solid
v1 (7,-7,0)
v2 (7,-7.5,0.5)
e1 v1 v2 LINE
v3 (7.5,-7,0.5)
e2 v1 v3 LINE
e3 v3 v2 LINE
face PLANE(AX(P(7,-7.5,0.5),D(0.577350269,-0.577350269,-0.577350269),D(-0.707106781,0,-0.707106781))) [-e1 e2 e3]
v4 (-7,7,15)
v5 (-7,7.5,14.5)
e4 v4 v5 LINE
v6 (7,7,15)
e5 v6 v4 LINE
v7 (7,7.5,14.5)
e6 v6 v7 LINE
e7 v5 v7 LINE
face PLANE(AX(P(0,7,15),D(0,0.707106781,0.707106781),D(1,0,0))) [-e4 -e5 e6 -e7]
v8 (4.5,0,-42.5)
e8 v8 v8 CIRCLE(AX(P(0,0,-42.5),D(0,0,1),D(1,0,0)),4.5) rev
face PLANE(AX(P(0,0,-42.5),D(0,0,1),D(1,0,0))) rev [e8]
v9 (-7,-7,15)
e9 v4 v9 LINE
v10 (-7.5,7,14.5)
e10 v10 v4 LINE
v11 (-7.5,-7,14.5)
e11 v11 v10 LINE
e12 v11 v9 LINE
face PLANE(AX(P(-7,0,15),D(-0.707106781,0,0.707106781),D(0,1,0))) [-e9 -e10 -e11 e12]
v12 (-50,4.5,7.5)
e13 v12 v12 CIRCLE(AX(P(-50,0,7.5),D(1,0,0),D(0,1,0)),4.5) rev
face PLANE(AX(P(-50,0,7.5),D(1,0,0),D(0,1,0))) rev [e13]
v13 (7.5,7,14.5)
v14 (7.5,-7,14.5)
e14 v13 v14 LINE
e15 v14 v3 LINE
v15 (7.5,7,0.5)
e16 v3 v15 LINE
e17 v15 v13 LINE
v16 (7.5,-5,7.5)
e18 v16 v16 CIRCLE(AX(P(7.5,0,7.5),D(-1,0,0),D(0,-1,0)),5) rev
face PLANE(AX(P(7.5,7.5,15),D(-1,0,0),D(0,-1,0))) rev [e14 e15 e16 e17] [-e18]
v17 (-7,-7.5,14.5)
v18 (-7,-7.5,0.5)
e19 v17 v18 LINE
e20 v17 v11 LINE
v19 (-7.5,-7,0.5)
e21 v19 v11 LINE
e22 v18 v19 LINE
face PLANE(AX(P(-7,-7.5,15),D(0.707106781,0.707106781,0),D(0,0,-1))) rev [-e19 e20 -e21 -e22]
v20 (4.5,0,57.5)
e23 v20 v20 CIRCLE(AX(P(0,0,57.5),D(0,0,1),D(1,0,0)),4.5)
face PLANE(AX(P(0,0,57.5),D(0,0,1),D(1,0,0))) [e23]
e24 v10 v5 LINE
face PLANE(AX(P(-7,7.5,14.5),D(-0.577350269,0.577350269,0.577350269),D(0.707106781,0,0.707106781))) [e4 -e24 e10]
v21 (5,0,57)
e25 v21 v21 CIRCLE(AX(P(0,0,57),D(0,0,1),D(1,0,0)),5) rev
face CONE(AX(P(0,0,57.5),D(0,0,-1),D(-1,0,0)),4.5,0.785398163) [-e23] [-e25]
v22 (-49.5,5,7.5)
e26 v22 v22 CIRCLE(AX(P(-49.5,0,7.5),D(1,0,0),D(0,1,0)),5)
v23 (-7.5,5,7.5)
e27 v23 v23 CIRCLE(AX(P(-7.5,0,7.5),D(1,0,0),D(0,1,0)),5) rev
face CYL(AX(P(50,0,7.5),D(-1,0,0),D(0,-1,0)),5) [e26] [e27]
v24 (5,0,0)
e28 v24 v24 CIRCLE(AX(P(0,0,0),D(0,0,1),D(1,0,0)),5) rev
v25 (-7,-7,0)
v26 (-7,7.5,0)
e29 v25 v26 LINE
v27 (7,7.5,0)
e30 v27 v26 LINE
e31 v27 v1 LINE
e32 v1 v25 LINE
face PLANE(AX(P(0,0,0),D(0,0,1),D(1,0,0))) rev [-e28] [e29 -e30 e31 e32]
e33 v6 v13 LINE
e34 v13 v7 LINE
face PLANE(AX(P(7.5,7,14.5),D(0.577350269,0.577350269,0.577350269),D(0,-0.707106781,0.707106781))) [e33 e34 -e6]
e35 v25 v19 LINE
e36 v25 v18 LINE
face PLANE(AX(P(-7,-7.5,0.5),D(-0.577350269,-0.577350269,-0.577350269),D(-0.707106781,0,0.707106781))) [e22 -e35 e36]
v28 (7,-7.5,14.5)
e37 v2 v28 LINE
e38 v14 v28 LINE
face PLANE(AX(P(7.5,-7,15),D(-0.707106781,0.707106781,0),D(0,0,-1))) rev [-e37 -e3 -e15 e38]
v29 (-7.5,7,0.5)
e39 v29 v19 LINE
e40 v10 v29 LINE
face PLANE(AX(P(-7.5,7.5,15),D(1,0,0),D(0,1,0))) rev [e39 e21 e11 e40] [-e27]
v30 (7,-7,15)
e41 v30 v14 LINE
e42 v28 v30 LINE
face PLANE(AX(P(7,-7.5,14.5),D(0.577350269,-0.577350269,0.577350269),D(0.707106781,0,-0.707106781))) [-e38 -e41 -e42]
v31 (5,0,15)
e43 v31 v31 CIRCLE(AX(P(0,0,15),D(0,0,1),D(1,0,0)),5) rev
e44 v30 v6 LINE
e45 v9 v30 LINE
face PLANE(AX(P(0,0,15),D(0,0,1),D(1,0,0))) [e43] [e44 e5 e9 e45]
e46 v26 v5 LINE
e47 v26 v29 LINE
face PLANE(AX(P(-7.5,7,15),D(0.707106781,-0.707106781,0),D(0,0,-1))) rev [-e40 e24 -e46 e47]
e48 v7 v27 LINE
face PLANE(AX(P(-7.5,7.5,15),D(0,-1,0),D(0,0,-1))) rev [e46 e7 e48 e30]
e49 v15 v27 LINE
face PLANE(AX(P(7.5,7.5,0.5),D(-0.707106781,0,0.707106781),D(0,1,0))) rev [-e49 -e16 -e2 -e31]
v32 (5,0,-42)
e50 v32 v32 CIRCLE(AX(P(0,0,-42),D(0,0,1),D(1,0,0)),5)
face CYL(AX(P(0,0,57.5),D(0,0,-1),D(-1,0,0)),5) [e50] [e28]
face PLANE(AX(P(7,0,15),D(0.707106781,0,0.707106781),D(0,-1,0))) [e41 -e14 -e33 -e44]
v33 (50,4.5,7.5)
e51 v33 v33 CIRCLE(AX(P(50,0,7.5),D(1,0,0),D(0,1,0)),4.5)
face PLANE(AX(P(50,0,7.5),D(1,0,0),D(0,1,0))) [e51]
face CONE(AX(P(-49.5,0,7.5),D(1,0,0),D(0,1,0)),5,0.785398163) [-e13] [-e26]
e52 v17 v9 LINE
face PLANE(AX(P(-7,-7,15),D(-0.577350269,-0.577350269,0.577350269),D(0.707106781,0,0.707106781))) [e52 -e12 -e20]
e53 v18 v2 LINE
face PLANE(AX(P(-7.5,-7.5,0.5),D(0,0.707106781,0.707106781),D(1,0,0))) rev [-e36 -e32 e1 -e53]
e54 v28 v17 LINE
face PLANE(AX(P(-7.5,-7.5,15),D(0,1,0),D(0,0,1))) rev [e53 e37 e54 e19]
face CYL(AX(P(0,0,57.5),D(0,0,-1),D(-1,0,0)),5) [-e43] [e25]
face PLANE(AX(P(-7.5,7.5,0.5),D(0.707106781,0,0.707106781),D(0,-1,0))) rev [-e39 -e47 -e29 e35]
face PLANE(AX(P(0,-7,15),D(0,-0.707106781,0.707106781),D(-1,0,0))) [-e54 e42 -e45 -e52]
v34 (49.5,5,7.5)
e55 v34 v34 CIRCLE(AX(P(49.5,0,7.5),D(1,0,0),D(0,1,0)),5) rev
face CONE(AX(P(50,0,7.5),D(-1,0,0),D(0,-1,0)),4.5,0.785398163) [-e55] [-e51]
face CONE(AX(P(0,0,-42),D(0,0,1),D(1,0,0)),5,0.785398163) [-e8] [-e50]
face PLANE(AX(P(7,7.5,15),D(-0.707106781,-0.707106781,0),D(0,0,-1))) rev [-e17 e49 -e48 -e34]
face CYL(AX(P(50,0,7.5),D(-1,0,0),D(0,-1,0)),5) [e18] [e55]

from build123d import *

# Parameters (mm, degrees)
SKETCH1_W           = 15
SKETCH1_H           = 15
BOSS_EXTRUDE1_DEPTH = 15
BOSS_EXTRUDE2_START = -7.5
SKETCH3_R           = 5
BOSS_EXTRUDE2_DEPTH = 50
BOSS_EXTRUDE3_START = -7.5
SKETCH4_R           = 5
BOSS_EXTRUDE3_DEPTH = 50
CHAMFER1_SIZE       = 0.5


with BuildPart() as part:
    # Sketch1 → Boss-Extrude1 (new body)
    with BuildSketch(Plane.XY):
        Rectangle(SKETCH1_W, SKETCH1_H)
    extrude(amount=BOSS_EXTRUDE1_DEPTH)

    # Sketch3 → Boss-Extrude2 (add, symmetric)
    with BuildSketch(Plane(origin=(7.5, 0, 0), x_dir=(0, 0, -1), z_dir=(1, 0, 0)).offset(BOSS_EXTRUDE2_START)):
        with Locations(Location((-7.5, 0, 0), (0, 0, 90))):
            Circle(SKETCH3_R)
    extrude(amount=BOSS_EXTRUDE2_DEPTH, both=True)

    # Sketch4 → Boss-Extrude3 (add, symmetric)
    with BuildSketch(Plane.XY.offset(15).offset(BOSS_EXTRUDE3_START)):
        Circle(SKETCH4_R)
    extrude(amount=BOSS_EXTRUDE3_DEPTH, both=True)

    # Chamfer1
    chamfer1_edges = [part.edges().sort_by_distance(p)[0] for p in [
        (-7.5, 0, 15),
        (-50, -5, 7.5),
        (50, -5, 7.5),
        (0, -7.5, 15),
        (-5, 0, -42.5),
        (-5, 0, 57.5),
        (7.5, 0, 15),
        (0, -7.5, 0),
        (-7.5, 0, 0),
        (7.5, 0, 0),
        (7.5, -7.5, 7.5),
        (-7.5, -7.5, 7.5),
        (-7.5, 7.5, 7.5),
        (7.5, 7.5, 7.5),
        (0, 7.5, 15),
    ]]
    chamfer(chamfer1_edges, length=CHAMFER1_SIZE)


solid = part.part
